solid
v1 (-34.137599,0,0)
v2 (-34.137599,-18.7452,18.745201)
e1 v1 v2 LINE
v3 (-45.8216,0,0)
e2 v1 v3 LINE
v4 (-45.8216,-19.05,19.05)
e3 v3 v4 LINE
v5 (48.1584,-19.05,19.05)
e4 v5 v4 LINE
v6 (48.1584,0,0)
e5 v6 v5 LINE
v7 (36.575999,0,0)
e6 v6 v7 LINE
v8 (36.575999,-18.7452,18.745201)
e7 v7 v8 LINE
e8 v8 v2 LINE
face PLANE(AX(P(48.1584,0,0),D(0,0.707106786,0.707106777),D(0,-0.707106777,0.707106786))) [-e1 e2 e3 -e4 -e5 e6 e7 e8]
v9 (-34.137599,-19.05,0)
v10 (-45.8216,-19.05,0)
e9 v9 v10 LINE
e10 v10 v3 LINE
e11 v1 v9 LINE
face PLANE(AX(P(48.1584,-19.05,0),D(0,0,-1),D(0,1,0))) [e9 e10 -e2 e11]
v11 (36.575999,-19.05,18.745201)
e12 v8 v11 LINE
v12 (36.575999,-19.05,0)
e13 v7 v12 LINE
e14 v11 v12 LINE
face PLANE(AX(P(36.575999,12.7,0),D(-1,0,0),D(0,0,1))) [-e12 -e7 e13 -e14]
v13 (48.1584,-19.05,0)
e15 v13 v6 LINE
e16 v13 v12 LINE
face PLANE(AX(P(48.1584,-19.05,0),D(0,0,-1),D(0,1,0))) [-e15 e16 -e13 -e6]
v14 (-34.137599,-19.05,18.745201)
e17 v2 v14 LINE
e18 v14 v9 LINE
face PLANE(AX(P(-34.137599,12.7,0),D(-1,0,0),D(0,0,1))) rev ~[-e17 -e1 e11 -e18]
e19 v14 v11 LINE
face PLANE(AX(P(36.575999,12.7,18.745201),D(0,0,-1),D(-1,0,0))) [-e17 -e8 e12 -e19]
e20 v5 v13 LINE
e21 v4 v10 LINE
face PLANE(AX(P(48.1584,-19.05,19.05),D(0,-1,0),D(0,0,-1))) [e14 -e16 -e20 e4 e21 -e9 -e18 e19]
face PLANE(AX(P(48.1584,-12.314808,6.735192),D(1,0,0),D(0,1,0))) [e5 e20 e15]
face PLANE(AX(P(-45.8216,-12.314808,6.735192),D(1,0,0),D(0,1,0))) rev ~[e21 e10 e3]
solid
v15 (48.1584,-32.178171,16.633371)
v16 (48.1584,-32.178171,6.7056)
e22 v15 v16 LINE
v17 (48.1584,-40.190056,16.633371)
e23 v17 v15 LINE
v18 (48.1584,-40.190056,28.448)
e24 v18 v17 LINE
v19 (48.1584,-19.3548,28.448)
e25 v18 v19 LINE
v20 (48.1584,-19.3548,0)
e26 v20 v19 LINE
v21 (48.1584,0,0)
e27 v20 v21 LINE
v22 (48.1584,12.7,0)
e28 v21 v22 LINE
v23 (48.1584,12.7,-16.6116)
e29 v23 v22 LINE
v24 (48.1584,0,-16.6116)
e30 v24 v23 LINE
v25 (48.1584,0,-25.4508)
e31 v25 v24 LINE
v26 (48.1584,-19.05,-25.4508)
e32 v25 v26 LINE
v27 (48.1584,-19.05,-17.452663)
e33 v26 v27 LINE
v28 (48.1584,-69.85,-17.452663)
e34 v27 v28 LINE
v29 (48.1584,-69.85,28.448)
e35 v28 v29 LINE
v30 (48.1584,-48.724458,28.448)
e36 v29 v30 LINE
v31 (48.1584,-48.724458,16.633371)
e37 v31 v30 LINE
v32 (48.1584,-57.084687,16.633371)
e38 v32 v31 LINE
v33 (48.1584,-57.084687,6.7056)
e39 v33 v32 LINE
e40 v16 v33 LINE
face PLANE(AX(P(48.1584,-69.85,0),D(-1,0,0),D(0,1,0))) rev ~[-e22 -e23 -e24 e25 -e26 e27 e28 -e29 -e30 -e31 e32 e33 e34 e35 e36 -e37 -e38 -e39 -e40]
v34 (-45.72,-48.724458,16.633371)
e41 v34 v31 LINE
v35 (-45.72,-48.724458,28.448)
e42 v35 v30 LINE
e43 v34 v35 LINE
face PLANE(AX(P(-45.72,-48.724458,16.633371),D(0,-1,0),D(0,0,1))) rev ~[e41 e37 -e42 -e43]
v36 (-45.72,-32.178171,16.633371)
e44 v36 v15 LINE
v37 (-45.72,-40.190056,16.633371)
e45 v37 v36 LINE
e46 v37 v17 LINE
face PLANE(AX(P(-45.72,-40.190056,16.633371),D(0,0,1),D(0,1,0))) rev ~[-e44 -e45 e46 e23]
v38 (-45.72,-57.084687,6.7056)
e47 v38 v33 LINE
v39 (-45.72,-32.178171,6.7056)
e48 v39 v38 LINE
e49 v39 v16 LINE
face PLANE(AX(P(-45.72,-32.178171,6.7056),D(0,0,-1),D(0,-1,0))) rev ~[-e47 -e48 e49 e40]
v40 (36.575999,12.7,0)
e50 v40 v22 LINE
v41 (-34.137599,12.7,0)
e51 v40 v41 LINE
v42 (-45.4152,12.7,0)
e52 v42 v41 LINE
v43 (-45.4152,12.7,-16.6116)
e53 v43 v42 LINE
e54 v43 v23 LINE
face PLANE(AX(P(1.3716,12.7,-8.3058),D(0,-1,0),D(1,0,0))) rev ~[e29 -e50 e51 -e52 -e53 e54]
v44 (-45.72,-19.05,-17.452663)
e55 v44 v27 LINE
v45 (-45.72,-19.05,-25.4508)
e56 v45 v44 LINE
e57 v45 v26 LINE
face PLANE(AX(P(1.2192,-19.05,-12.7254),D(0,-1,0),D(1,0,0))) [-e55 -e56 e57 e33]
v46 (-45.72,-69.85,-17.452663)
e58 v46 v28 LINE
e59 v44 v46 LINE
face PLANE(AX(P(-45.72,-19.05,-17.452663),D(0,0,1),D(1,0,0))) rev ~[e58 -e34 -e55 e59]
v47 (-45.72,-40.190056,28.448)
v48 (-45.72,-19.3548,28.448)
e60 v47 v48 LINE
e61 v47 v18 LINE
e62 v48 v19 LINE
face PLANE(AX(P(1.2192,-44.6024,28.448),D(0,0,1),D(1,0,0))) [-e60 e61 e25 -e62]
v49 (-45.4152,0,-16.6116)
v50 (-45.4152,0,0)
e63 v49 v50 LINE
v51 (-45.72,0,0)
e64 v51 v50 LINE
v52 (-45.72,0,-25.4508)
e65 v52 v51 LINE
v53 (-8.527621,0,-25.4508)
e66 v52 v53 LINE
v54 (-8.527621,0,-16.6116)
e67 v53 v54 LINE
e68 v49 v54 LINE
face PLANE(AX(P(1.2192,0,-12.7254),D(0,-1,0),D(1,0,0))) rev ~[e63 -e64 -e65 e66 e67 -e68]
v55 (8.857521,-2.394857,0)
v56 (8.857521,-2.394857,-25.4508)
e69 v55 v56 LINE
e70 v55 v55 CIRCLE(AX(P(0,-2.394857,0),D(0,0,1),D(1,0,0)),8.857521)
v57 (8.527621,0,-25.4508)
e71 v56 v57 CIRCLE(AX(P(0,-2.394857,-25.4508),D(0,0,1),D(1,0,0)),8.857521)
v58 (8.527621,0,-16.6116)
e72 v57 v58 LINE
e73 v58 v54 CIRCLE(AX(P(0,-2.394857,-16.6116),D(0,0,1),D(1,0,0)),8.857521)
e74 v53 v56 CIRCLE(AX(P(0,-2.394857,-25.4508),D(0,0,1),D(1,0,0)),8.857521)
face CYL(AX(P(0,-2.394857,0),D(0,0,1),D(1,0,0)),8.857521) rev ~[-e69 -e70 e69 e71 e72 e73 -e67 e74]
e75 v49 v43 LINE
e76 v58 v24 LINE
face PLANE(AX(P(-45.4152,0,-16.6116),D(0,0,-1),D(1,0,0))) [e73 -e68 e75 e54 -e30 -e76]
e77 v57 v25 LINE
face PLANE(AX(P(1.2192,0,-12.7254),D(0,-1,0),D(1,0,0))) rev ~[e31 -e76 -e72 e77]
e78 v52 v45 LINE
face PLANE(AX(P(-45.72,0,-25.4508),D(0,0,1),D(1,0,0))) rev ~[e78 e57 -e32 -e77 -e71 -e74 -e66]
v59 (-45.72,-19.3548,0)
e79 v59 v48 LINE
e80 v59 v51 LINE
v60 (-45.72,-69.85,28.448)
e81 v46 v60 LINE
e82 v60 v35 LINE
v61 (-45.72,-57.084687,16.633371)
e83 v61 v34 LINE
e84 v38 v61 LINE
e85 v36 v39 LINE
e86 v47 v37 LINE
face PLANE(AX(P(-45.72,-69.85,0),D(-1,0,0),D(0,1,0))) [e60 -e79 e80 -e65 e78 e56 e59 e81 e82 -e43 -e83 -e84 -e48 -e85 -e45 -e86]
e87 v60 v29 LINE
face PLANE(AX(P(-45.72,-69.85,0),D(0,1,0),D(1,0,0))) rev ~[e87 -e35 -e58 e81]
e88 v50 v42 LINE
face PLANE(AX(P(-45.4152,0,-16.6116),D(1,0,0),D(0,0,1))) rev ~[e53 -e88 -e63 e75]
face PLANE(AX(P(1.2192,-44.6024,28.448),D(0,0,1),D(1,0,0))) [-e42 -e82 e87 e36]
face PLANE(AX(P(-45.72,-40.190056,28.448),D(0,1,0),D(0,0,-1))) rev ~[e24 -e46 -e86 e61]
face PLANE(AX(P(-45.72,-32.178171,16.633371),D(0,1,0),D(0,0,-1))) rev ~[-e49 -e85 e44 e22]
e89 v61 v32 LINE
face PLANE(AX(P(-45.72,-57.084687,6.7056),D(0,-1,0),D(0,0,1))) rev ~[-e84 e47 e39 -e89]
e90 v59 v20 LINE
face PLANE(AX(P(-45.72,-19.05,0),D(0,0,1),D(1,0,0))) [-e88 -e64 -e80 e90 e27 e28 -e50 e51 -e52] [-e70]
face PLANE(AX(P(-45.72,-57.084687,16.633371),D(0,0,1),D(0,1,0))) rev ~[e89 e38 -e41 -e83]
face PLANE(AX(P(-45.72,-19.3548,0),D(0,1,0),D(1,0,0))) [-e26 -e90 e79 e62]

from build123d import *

# Parameters (mm, degrees)
F0_W      = 93.8783995807
F0_H      = 25.4507996142
F1_DEPTH  = 19.05
F2_W      = 93.5736000538
F2_H      = 16.6116002947
F3_DEPTH  = 12.7
F4_W      = 93.8783995807
F4_H      = 17.4526628107
F5_DEPTH  = 50.8
F7_DEPTH  = 93.98
F8_W      = 70.7135982811
F8_H      = 18.7452007085
F9_DEPTH  = 115.824
F10_DEPTH = 152.4
F11_DEPTH = 194.818
F12_W     = 93.8783995807
F12_H     = 50.4952002376
F13_DEPTH = 28.448
F15_DEPTH = 177.8
F16_R     = 8.857520503
F17_DEPTH = 127


with BuildPart() as f1:
    # F0 (on Front) → F1 (new body)
    with BuildSketch(Plane.XZ):
        with Locations((1.2191999704, -12.7253998071)):
            Rectangle(F0_W, F0_H)
    extrude(amount=F1_DEPTH)

    # F2 (on Front) → F3 (join)
    with BuildSketch(Plane.XZ):
        with Locations((1.3715997338, -8.3058001474)):
            Rectangle(F2_W, F2_H)
    extrude(amount=-F3_DEPTH)

    # F4 (on face) → F5 (join)
    with BuildSketch(Plane.XZ.offset(19.05)):
        with Locations((1.2191999704, -8.7263314053)):
            Rectangle(F4_W, F4_H)
    extrude(amount=F5_DEPTH)

    # F8 (on face) → F10 (cut)
    with BuildSketch(Plane(origin=(0, 12.7, 0), x_dir=(-1, 0, 0), z_dir=(0, 1, 0))):
        with Locations((-1.2191999704, 9.3726003543)):
            Rectangle(F8_W, F8_H)
    extrude(amount=-F10_DEPTH, mode=Mode.SUBTRACT)

    # F8 (on face) → F11 (cut)
    with BuildSketch(Plane(origin=(0, 12.7, 0), x_dir=(-1, 0, 0), z_dir=(0, 1, 0))):
        with Locations((-1.2191999704, 9.3726003543)):
            Rectangle(F8_W, F8_H)
    extrude(amount=-F11_DEPTH, mode=Mode.SUBTRACT)

    # F12 (on face) → F13 (join)
    with BuildSketch(Plane.XY):
        with Locations((1.2191999704, -44.6023998812)):
            Rectangle(F12_W, F12_H)
    extrude(amount=F13_DEPTH)

    # F14 (on face) → F15 (cut)
    with BuildSketch(Plane(origin=(-45.71999982, 0, 0), x_dir=(0, -1, 0), z_dir=(-1, 0, 0))):
        Polygon((32.178170979, 16.6333708912), (32.178170979, 6.705599837), (57.0846870542, 6.705599837), (57.0846870542, 16.6333708912), (48.7244576216, 16.6333708912), (48.7244576216, 28.448), (40.1900559664, 28.448), (40.1900559664, 16.6333708912), align=None)
    extrude(amount=-F15_DEPTH, mode=Mode.SUBTRACT)

    # F16 (on face) → F17 (cut)
    with BuildSketch(Plane.XY):
        with Locations((0, -2.3948573507)):
            Circle(F16_R)
    extrude(amount=-F17_DEPTH, mode=Mode.SUBTRACT)


with BuildPart() as f7:
    # F6 (on face) → F7 (new body)
    with BuildSketch(Plane.YZ.offset(48.1583997607)):
        Polygon((-19.05, 19.0500002354), (-19.05, 0), (0, 0), align=None)
    extrude(amount=-F7_DEPTH)

    # F8 (on face) → F9 (cut)
    with BuildSketch(Plane(origin=(0, 12.7, 0), x_dir=(-1, 0, 0), z_dir=(0, 1, 0))):
        with Locations((-1.2191999704, 9.3726003543)):
            Rectangle(F8_W, F8_H)
    extrude(amount=-F9_DEPTH, mode=Mode.SUBTRACT)


solid = Compound([f1.part, f7.part])
